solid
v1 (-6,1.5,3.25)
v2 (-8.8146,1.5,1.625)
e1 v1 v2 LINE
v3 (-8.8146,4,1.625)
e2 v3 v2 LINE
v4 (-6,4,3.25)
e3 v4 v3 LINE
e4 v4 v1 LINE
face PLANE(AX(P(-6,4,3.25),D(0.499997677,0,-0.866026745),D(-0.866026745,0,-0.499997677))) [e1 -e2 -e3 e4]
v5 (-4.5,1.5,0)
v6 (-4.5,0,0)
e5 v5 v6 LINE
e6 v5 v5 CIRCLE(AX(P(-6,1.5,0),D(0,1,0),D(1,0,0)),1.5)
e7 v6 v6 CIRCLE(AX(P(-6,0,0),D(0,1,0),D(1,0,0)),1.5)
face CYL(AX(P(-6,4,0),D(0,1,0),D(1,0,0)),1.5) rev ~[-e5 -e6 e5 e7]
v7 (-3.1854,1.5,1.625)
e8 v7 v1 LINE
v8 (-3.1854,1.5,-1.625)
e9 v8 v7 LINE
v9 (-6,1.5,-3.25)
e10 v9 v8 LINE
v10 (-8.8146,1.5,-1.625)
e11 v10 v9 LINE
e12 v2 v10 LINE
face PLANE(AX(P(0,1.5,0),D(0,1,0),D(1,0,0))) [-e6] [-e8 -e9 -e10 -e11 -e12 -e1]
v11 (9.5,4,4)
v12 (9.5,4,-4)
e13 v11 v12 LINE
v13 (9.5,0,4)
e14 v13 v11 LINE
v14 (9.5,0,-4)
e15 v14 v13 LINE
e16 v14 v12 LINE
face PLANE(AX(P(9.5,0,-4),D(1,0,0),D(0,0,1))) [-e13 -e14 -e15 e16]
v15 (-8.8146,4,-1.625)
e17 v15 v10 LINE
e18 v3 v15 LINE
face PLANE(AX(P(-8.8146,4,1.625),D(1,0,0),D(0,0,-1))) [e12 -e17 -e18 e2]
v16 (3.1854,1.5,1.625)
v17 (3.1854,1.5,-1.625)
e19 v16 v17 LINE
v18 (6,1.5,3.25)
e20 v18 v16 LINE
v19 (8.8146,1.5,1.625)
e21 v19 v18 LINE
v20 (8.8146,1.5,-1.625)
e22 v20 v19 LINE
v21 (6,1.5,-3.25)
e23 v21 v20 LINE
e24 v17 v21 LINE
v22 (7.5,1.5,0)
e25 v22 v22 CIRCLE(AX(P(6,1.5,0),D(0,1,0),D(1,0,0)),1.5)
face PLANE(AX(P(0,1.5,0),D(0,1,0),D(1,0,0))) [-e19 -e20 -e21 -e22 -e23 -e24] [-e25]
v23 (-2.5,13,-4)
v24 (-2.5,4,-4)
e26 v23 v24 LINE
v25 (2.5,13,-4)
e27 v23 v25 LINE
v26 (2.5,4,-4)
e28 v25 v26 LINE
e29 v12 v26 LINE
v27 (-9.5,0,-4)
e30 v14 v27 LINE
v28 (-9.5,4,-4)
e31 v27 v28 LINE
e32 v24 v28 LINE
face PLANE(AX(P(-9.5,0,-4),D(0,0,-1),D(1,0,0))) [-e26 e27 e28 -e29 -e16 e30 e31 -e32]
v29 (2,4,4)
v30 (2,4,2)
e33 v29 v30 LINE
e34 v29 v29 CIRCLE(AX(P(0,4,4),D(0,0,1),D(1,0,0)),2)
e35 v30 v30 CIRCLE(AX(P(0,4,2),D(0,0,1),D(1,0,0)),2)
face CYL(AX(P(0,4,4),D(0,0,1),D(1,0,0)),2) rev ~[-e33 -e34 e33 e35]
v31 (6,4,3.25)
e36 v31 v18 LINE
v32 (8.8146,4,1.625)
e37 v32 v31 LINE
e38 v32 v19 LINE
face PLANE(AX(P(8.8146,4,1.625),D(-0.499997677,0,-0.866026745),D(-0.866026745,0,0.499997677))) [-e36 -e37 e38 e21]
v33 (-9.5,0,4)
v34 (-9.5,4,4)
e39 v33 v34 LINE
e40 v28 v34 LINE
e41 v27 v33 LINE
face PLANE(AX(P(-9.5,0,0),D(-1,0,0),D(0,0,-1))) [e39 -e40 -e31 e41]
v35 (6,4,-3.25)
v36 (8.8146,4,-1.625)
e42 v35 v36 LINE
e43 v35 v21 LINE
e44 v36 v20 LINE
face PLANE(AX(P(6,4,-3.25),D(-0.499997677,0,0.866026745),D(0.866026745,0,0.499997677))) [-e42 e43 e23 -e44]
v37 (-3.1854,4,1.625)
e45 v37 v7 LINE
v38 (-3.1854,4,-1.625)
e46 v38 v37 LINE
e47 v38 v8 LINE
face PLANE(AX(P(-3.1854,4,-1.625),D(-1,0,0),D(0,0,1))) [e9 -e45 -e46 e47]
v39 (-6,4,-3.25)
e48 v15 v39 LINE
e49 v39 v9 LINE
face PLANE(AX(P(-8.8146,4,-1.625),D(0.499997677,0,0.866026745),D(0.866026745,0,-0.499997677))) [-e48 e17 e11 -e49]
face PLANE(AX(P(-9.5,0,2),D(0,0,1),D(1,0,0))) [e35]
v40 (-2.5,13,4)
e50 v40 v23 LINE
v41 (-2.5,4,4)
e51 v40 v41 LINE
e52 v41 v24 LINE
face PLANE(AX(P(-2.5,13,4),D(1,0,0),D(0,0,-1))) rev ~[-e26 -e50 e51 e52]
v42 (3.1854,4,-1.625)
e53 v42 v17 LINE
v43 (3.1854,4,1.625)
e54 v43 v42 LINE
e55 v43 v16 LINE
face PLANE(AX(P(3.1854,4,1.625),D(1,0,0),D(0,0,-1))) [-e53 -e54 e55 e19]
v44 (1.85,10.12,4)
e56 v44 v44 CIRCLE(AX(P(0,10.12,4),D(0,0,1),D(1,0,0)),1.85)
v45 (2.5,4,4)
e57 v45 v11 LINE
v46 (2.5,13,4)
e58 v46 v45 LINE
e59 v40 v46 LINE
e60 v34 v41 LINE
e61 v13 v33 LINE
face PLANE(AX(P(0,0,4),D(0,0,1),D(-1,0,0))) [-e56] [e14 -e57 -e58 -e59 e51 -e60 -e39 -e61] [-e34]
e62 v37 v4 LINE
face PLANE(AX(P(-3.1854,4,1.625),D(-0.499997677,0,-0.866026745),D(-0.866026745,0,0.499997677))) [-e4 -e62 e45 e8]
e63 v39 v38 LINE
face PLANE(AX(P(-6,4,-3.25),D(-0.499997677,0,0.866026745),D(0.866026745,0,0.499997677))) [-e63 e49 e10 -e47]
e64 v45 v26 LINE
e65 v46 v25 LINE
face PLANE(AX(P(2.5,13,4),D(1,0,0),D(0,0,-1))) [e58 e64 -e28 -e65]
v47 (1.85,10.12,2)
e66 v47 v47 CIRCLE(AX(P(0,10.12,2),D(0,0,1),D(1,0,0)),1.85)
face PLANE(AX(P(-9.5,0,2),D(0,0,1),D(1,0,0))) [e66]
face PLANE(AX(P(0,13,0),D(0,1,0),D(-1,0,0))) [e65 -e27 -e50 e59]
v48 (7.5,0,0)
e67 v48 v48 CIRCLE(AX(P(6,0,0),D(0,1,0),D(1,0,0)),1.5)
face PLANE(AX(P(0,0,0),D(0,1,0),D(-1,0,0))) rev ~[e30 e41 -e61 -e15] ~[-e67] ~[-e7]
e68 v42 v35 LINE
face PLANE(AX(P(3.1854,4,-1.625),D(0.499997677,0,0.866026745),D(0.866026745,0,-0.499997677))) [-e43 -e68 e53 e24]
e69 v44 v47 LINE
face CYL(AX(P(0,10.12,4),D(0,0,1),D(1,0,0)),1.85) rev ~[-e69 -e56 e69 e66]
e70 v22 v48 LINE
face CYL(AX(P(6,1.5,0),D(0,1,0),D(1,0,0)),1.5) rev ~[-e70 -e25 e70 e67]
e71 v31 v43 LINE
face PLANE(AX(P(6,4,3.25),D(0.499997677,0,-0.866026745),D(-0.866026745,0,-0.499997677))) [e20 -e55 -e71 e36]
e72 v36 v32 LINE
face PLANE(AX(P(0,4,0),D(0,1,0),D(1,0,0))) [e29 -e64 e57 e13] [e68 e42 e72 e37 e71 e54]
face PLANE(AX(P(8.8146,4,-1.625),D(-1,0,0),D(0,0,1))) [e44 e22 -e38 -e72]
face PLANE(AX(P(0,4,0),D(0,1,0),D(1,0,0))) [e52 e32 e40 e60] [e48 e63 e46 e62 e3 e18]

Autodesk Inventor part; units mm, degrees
ref_plane "YZ Plane" through (0, 0, 0) normal (1, 0, 0) x (0, 1, 0)
ref_plane "XZ Plane" through (0, 0, 0) normal (0, 1, 0) x (-1, 0, 0)
ref_plane "XY Plane" through (0, 0, 0) normal (0, 0, 1) x (1, 0, 0)
sketch "Sketch1" plane through (0, 0, 0) normal (0, 1, 0) x (-1, 0, 0)
  line L0 (13.3, 0) -> (-13.3, 0) projected
  line L1 (0, -6.3) -> (0, 6.3) projected
  line L2 (-9.5, 4) -> (9.5, 4)
  line L3 (9.5, 4) -> (9.5, -4)
  line L4 (9.5, -4) -> (-9.5, -4)
  line L5 (-9.5, -4) -> (-9.5, 4)
  line L6 (-9.5, 4) -> (9.5, -4) construction
  line L7 (9.5, 4) -> (-9.5, -4) construction
  point P0 (0, 0)
  dimension "d0" = 19
  dimension "d1" = 8
extrude "Extrusion1" add sketch "Sketch1" along normal blind 13
sketch "Sketch2" plane through (-9.5, 0, 4) normal (0, 0, 1) x (1, 0, 0)
  line L0 (19, 0) -> (0, 0) projected
  line L1 (7, 13) -> (12, 13)
  line L2 (12, 13) -> (12, 0)
  line L3 (12, 0) -> (7, 0)
  line L4 (7, 0) -> (7, 13)
  line L5 (7, 13) -> (12, 0) construction
  line L6 (12, 13) -> (7, 0) construction
  line L7 (0, 13) -> (19, 13) projected
  line L8 (0, 0) -> (0, 13) projected
  line L9 (19, 0) -> (19, 13) projected
  circle A0 centre (9.5, 10.12) radius 1.85
  circle A1 centre (9.5, 4) radius 2
  point P0 (9.5, 0)
  point P1 (9.5, 6.5)
  dimension "d6" = 7
  dimension "d7" = 3.7
  dimension "d8" = 4
  dimension "d9" = 2.5
  dimension "d10" = 2.5
  dimension "d11" = 2
  dimension "d12" = 6.12
  dimension "d19" = 2.5
extrude "Extrusion2" cut sketch "Sketch2" against normal blind 2 contours A0 | A1
sketch "Sketch3" plane through (0, 13, 0) normal (0, 1, 0) x (1, 0, 0)
  line L0 (-9.5, -4) -> (9.5, -4) projected
  line L1 (2.5, -4) -> (2.5, 4)
  line L2 (9.5, 4) -> (-9.5, 4) projected
  line L3 (9.5, -4) -> (9.5, 4) projected
  point P0 (0, 0)
  dimension "d15" = 7
extrude "Extrusion3" cut sketch "Sketch3" against normal blind 9
sketch "Sketch4" plane through (0, 4, 0) normal (0, 1, 0) x (1, 0, 0)
  line L0 (6, -3.25) -> (3.1854, -1.625)
  line L1 (3.1854, -1.625) -> (3.1854, 1.625)
  line L2 (3.1854, 1.625) -> (6, 3.25)
  line L3 (6, 3.25) -> (8.8146, 1.625)
  line L4 (8.8146, 1.625) -> (8.8146, -1.625)
  line L5 (8.8146, -1.625) -> (6, -3.25)
  line L6 (9.5, -4) -> (2.5, -4) projected
  line L7 (9.5, 4) -> (9.5, -4) projected
  line L8 (2.5, 4) -> (9.5, 4) projected
  point P0 (0, 0)
  point P1 (6, 0)
  dimension "d18" = 6.5
  dimension "d23" = 3.5
  dimension "d24" = 4
  dimension "d32" = 5.6292
  dimension "d33" = 6.5
sketch "Sketch7" plane through (0, 13, 0) normal (0, 1, 0) x (1, 0, 0)
  line L0 (-9.5, -4) -> (2.5, -4) projected
  line L1 (-2.5, -4) -> (-2.5, 4)
  line L2 (2.5, 4) -> (-9.5, 4) projected
  line L3 (-9.5, 4) -> (-9.5, -4) projected
  line L4 (-2.5, -4) -> (-9.5, -4)
  line L5 (-9.5, 4) -> (-2.5, 4)
  point P0 (0, 0)
  dimension "d25" = 7
extrude "Extrusion5" cut sketch "Sketch7" against normal blind 9
sketch "Sketch8" plane through (0, 4, 0) normal (0, 1, 0) x (1, 0, 0)
  line L0 (-3.1854, -1.625) -> (-6, -3.25)
  line L1 (-6, -3.25) -> (-8.8146, -1.625)
  line L2 (-8.8146, -1.625) -> (-8.8146, 1.625)
  line L3 (-8.8146, 1.625) -> (-6, 3.25)
  line L4 (-6, 3.25) -> (-3.1854, 1.625)
  line L5 (-3.1854, 1.625) -> (-3.1854, -1.625)
  line L6 (-2.5, 4) -> (-2.5, -4) projected
  line L7 (-9.5, -4) -> (-9.5, 4) projected
  line L8 (-9.5, 4) -> (-2.5, 4) projected
  point P0 (0, 0)
  point P1 (-6, 0)
  dimension "d28" = 6.5
  dimension "d30" = 3.5
  dimension "d31" = 4
  dimension "d34" = 5.6292
sketch "Sketch9" plane through (0, 4, 0) normal (0, 1, 0) x (1, 0, 0)
  circle A0 centre (-6, 0) radius 1.5
  line L0 (-2.5, -4) -> (-9.5, -4) projected
  line L1 (-2.5, 4) -> (-2.5, -4) projected
  point P0 (0, 0)
  dimension "d35" = 3
  dimension "d36" = 4
  dimension "d37" = 3.5
extrude "Extrusion6" cut sketch "Sketch4" against normal blind 2.5
sketch "Sketch10" plane through (0, 1.5, 0) normal (0, 1, 0) x (1, 0, 0)
  circle A0 centre (6, 0) radius 1.5
  line L0 (9.5, -4) -> (2.5, -4) projected
  line L1 (9.5, 4) -> (9.5, -4) projected
  point P0 (0, 0)
  dimension "d40" = 3
  dimension "d41" = 4
  dimension "d42" = 3.5
extrude "Extrusion7" cut sketch "Sketch10" against normal through all
extrude "Extrusion8" cut sketch "Sketch8" against normal blind 2.5
extrude "Extrusion9" cut sketch "Sketch9" against normal through all
properties part number "uchwyt_drazki_wersja_2"
